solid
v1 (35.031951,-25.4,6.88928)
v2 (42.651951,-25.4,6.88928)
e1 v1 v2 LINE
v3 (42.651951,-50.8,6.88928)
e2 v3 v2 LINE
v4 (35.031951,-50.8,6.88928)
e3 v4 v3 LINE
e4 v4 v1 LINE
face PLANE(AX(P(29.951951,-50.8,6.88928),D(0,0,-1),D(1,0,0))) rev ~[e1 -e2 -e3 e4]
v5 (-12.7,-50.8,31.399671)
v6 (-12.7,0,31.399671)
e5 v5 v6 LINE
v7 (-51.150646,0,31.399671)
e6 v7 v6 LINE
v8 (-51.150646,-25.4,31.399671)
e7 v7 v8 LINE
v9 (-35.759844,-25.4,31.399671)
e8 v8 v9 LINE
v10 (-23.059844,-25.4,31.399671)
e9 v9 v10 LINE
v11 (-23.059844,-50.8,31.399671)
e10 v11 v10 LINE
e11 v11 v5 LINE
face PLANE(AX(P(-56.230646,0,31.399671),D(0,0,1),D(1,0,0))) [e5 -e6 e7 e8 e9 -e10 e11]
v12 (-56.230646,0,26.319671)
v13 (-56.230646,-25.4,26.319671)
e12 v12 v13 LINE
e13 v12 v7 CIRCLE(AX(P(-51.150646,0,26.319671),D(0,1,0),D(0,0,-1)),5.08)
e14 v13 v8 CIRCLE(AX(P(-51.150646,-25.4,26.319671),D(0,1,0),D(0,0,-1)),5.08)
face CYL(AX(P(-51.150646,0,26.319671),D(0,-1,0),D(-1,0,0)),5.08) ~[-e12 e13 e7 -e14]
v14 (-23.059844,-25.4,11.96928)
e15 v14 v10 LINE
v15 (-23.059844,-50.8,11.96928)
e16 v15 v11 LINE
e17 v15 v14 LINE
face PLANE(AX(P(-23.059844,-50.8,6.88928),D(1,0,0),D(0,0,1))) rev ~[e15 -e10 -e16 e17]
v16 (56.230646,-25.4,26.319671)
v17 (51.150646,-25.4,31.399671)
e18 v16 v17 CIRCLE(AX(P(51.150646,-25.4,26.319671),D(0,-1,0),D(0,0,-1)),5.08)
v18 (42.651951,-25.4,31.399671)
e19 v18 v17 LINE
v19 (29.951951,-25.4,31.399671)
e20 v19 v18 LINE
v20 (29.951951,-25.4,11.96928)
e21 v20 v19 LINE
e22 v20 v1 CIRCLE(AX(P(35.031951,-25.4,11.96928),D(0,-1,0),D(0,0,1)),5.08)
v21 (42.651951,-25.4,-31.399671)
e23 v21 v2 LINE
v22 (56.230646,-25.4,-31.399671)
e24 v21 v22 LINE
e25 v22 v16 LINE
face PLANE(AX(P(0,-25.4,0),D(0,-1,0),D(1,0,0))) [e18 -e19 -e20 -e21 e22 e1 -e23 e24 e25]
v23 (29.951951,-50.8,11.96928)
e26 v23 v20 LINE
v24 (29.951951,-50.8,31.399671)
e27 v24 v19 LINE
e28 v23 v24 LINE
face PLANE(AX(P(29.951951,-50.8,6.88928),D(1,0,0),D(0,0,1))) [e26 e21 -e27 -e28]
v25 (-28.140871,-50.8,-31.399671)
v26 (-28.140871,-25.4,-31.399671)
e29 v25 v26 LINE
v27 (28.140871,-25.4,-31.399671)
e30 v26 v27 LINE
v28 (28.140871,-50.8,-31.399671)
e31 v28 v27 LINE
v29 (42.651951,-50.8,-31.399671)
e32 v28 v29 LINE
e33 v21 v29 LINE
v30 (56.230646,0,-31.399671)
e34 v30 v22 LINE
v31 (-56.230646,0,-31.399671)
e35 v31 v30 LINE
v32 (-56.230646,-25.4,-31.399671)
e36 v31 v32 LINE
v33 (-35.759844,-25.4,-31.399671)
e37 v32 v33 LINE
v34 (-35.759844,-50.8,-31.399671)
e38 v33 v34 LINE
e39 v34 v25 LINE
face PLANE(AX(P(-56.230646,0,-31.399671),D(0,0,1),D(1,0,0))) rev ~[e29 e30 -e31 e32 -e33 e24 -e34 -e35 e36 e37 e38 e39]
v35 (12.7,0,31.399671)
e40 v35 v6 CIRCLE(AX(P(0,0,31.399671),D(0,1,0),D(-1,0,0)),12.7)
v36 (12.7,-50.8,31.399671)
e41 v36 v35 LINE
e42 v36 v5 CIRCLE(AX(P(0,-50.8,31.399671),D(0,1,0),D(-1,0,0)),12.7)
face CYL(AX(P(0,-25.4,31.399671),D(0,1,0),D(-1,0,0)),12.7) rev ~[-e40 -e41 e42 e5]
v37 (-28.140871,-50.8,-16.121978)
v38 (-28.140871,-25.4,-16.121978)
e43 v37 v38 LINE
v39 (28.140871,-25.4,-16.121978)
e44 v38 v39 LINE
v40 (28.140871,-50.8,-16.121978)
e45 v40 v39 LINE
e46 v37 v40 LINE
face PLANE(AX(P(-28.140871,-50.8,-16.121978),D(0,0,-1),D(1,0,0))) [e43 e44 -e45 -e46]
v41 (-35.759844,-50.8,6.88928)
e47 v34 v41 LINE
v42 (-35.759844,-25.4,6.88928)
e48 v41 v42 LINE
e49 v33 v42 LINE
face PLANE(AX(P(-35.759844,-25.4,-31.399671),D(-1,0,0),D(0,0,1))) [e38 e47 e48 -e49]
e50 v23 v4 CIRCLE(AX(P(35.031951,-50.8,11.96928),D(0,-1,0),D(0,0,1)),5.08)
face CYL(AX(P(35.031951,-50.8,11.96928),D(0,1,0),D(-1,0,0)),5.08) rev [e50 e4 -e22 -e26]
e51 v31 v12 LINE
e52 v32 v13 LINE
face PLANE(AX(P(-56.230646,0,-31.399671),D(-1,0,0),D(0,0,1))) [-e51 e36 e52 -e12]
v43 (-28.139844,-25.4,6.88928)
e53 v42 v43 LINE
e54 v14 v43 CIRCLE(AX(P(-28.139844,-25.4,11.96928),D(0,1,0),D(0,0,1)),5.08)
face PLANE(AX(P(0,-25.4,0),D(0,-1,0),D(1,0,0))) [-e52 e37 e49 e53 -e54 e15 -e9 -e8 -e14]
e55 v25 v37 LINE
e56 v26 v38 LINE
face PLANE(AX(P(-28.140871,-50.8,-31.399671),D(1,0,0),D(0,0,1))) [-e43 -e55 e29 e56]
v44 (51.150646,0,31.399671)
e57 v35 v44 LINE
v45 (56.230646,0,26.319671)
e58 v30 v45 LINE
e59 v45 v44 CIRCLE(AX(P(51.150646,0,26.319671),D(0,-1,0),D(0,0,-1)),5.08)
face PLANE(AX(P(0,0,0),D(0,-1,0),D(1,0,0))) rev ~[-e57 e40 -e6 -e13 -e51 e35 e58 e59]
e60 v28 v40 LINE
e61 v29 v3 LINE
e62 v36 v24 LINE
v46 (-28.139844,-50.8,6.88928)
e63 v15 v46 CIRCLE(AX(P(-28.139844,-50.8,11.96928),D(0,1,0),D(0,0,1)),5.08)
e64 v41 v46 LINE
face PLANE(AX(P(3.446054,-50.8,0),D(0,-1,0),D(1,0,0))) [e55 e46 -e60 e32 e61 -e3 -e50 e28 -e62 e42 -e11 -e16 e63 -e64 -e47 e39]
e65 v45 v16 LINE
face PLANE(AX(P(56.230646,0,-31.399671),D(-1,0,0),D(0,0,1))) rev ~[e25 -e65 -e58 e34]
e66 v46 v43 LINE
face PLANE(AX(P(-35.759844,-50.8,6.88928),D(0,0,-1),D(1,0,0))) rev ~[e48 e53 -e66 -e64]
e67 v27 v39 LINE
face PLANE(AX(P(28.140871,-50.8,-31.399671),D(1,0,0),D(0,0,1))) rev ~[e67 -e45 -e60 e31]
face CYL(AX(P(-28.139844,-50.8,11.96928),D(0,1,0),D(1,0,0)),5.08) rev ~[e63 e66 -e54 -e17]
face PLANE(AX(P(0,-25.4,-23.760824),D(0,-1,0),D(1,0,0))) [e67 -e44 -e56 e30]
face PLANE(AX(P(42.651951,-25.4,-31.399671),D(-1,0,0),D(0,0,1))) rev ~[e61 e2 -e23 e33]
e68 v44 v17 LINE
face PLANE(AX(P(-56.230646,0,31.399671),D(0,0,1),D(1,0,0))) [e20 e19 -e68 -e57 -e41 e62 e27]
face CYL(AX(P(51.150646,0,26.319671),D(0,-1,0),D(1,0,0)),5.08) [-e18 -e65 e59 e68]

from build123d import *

# Parameters (mm, degrees)
F0_W      = 112.4612912536
F0_H      = 62.7993419766
F1_DEPTH  = 25.4
F2_R      = 5.08
F3_W      = 78.4117951989
F3_H      = 62.7993419766
F4_DEPTH  = 25.4
F5_W      = 12.7
F5_H      = 50.8
F7_W      = 56.2817417085
F7_H      = 15.2776930481
F8_DEPTH  = 25.4
F9_W      = 12.7
F9_H      = 24.5103910565
F10_DEPTH = 25.4
F11_R     = 5.08
F12_R     = 5.08


with BuildPart() as f1:
    # F0 (on Front) → F1 (new body)
    with BuildSketch(Plane.XZ):
        Rectangle(F0_W, F0_H)
    extrude(amount=F1_DEPTH)

    # F2
    f2_edges = [f1.edges().sort_by_distance(p)[0] for p in [
        (-56.230646, -12.7, 31.399671),
        (56.230646, -12.7, 31.399671),
    ]]
    fillet(f2_edges, radius=F2_R)

    # F3 (on face) → F4 (join)
    with BuildSketch(Plane.XZ.offset(25.4)):
        with Locations((3.4460537136, 0)):
            Rectangle(F3_W, F3_H)
    extrude(amount=F4_DEPTH)

    # F5 (on face) → F6 (revolve, cut)
    with BuildSketch(Plane.XY.offset(31.3996709883)):
        with Locations((-6.35, -25.4)):
            Rectangle(F5_W, F5_H)
    revolve(axis=Axis((0, -25.4, 31.3996709883), (0, 1, 0)), mode=Mode.SUBTRACT)

    # F7 (on face) → F8 (cut)
    with BuildSketch(Plane.XZ.offset(50.8)):
        with Locations((0, -23.7608244643)):
            Rectangle(F7_W, F7_H)
    extrude(amount=-F8_DEPTH, mode=Mode.SUBTRACT)

    # F9 (on face) → F10 (cut)
    with BuildSketch(Plane.XZ.offset(50.8)):
        with Locations((-29.4098438859, 19.1444754601)):
            Rectangle(F9_W, F9_H)
        with Locations((36.301951313, 19.1444754601)):
            Rectangle(F9_W, F9_H)
    extrude(amount=-F10_DEPTH, mode=Mode.SUBTRACT)

    # F11
    f11_edges = [f1.edges().sort_by_distance(p)[0] for p in [
        (-23.059844, -38.1, 6.88928),
    ]]
    fillet(f11_edges, radius=F11_R)

    # F12
    f12_edges = [f1.edges().sort_by_distance(p)[0] for p in [
        (29.951951, -38.1, 6.88928),
    ]]
    fillet(f12_edges, radius=F12_R)


solid = f1.part
